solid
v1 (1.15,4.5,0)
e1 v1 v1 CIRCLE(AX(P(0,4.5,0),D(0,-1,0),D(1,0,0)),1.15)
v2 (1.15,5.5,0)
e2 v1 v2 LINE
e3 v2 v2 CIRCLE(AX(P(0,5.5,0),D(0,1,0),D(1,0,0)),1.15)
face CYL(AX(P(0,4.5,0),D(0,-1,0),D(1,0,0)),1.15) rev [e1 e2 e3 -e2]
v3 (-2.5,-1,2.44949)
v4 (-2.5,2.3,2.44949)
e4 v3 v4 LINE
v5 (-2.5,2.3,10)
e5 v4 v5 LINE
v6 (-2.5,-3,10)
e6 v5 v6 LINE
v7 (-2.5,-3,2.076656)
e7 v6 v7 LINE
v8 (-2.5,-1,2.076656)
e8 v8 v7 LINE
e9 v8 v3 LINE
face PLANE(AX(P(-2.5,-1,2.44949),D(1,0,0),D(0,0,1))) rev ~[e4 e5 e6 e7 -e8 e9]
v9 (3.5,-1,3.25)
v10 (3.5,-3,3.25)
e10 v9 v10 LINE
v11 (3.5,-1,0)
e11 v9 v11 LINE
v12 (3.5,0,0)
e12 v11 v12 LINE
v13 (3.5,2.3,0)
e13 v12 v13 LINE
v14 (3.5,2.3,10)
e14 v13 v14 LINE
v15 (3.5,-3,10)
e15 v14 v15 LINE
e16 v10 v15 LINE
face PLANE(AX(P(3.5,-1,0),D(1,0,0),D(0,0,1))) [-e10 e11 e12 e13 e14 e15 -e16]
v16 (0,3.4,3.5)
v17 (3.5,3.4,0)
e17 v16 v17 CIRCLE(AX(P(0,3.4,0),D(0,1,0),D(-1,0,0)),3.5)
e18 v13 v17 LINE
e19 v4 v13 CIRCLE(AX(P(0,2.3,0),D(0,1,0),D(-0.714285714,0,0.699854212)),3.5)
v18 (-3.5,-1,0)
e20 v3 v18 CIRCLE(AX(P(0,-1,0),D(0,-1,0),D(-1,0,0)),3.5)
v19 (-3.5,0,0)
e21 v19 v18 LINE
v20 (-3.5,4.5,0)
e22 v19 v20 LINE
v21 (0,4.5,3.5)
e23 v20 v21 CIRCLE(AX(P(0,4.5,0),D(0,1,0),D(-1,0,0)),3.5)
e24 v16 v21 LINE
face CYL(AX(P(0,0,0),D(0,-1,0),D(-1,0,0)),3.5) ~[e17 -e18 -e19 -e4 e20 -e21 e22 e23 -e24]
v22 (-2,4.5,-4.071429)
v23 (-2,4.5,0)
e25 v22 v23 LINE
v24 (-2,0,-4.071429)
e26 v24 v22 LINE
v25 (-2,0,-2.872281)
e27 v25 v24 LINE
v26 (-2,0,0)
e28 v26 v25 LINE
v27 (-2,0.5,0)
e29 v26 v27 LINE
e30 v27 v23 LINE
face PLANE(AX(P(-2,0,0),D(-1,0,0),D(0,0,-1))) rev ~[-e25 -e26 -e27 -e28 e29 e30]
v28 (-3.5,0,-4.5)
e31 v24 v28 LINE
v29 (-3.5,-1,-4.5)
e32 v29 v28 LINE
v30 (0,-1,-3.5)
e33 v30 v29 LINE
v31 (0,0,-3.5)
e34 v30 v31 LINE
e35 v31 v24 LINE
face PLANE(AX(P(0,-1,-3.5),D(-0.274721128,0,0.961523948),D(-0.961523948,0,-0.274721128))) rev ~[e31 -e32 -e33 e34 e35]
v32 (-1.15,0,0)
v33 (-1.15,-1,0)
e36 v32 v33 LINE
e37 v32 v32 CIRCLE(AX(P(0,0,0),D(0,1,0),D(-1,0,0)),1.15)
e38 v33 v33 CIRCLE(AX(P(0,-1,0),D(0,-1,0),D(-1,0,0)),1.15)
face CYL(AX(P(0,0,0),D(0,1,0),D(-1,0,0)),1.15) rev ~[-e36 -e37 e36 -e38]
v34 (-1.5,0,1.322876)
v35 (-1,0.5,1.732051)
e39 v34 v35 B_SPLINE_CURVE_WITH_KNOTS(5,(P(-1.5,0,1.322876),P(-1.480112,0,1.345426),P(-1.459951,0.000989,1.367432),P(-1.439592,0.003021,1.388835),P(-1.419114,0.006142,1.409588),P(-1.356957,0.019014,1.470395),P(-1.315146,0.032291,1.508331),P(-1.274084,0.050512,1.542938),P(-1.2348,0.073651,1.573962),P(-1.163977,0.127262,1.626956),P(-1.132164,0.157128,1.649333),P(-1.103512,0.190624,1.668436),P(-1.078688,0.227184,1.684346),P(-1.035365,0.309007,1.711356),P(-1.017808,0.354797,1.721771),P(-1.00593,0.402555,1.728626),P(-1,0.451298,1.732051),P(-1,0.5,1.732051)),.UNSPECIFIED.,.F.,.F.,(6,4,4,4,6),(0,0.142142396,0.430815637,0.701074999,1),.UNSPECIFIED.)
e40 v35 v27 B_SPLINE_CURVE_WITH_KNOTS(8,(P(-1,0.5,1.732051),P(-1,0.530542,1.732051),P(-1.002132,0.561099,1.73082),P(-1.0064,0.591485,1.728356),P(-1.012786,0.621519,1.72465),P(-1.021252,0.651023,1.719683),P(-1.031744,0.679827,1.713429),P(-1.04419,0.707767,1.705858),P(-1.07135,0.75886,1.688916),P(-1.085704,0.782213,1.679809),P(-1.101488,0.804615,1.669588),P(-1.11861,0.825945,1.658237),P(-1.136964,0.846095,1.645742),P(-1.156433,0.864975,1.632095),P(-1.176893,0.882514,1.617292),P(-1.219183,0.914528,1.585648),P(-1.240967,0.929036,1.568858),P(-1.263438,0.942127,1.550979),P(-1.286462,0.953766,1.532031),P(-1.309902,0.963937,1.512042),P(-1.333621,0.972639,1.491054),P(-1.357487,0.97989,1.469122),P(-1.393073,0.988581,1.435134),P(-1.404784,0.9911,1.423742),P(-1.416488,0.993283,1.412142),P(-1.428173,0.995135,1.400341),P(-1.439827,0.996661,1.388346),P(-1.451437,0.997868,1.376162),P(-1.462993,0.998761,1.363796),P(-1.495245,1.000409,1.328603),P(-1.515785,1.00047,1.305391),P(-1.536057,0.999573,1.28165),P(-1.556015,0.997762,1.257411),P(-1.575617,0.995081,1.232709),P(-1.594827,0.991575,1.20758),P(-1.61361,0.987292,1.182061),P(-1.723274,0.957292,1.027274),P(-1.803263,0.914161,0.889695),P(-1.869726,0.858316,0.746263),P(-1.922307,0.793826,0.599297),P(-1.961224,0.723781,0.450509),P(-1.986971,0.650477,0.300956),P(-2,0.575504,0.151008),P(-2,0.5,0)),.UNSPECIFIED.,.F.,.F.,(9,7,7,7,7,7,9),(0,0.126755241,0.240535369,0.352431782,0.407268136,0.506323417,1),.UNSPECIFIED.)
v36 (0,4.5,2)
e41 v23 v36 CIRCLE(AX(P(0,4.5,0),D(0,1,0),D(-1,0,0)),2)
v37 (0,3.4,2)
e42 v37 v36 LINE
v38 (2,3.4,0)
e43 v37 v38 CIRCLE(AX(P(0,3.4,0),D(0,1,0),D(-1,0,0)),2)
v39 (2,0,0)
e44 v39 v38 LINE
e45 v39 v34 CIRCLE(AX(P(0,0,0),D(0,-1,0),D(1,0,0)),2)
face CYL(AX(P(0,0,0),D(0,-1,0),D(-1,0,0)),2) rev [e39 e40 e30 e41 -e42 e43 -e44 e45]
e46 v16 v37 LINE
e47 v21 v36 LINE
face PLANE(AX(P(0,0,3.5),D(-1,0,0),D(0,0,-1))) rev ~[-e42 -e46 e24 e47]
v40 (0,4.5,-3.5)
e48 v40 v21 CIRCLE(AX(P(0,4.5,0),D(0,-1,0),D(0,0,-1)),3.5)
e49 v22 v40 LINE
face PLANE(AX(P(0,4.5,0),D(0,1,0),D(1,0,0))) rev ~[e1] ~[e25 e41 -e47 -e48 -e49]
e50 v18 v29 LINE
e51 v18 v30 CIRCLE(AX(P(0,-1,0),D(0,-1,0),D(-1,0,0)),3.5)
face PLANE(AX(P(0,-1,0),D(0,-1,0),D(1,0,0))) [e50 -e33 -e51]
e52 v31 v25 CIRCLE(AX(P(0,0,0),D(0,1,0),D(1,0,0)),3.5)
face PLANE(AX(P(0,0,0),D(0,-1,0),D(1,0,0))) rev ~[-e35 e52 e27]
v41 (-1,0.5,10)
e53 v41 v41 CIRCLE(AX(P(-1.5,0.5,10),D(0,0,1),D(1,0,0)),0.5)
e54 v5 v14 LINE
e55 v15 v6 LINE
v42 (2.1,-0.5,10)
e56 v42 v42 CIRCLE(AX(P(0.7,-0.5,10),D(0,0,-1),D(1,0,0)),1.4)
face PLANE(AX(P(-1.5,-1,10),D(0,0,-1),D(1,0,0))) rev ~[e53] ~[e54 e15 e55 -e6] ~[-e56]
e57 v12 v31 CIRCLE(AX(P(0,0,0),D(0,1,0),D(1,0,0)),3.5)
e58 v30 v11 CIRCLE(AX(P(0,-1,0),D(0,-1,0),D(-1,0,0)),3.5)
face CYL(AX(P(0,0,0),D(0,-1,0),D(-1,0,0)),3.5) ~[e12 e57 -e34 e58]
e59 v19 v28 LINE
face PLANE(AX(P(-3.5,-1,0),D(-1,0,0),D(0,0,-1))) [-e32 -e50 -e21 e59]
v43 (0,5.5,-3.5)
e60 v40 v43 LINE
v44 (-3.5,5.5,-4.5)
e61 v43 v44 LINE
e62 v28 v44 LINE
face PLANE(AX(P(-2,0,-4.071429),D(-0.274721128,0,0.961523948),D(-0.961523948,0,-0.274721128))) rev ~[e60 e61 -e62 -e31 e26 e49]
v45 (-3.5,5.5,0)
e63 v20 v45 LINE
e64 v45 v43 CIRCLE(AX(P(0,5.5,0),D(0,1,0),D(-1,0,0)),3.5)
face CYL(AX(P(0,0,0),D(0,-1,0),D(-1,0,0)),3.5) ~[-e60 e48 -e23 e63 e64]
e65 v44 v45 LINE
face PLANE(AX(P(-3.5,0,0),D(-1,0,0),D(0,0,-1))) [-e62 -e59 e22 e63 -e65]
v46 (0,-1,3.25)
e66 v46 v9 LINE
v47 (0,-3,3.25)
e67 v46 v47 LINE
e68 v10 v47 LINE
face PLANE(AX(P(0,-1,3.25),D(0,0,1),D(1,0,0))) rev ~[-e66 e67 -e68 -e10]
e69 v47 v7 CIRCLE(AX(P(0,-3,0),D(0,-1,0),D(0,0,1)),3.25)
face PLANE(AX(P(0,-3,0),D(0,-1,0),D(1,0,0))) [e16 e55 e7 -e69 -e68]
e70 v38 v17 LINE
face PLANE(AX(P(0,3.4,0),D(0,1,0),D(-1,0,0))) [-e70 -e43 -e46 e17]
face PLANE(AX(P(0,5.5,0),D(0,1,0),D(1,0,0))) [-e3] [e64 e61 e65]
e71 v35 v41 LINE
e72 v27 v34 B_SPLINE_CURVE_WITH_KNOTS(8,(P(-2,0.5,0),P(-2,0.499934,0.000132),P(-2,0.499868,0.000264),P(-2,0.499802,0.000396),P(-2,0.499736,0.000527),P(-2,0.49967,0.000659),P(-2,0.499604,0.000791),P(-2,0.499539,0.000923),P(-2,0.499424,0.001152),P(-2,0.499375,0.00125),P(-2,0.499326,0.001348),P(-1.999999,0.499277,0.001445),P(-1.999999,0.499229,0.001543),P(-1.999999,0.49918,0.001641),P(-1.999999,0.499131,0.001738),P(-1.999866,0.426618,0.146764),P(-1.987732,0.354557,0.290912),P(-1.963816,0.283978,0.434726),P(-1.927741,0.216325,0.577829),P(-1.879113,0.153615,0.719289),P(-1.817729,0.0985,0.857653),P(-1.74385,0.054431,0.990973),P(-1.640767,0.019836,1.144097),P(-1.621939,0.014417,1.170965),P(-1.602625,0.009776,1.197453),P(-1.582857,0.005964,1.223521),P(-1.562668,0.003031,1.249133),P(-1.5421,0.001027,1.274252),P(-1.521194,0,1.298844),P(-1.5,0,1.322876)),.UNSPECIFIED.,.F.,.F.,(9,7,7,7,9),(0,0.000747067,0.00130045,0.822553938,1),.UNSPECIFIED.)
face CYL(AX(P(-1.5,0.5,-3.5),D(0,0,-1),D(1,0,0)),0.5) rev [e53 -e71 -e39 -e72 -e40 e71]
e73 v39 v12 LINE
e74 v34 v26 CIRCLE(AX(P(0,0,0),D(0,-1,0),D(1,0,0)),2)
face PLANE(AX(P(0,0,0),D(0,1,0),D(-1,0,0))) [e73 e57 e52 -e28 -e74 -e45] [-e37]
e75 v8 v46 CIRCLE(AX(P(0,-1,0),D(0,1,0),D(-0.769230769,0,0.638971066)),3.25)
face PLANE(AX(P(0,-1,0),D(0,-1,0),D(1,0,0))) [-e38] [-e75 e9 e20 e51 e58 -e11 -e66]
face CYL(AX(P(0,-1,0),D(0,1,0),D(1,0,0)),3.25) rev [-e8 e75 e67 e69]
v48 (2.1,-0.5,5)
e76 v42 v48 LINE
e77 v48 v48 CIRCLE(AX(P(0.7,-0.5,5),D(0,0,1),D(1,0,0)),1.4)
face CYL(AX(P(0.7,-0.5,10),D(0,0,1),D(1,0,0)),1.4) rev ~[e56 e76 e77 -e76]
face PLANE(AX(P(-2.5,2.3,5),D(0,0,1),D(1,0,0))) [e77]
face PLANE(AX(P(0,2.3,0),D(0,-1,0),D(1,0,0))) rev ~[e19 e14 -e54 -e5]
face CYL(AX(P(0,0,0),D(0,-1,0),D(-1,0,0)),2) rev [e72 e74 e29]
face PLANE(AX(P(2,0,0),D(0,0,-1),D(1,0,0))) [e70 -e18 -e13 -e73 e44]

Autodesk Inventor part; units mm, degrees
ref_plane "YZ Plane" through (0, 0, 0) normal (1, 0, 0) x (0, 1, 0)
ref_plane "XZ Plane" through (0, 0, 0) normal (0, 1, 0) x (-1, 0, 0)
ref_plane "XY Plane" through (0, 0, 0) normal (0, 0, 1) x (1, 0, 0)
sketch "スケッチ1" plane through (0, 0, 0) normal (0, 1, 0) x (-1, 0, 0)
  circle A0 centre (0, 0) radius 1.15
  circle A1 centre (0, 0) radius 2
  circle A2 centre (0, 0) radius 3.5
  line L0 (0, 0) -> (-3.5, 0)
  line L1 (-3.5, 0) -> (-3.5, 3.5)
  line L2 (-3.5, 3.5) -> (0, 3.5)
  line L3 (0, 3.5) -> (0, 0)
  line L4 (-2, 0) -> (2, 0)
  line L5 (2, 0) -> (2, -3.5)
  line L6 (2, -3.5) -> (-2, -3.5)
  line L7 (-2, -3.5) -> (-2, 0)
  line L8 (0, 0) -> (3.5, 0)
  line L9 (3.5, 0) -> (3.5, -4.5)
  line L10 (3.5, -4.5) -> (0, -4.5)
  line L11 (0, -4.5) -> (0, 0)
  line L12 (0, -3.5) -> (3.5, -4.5)
  line L13 (2, -3.5) -> (2, -4.5)
  point P0 (0, 2)
  point P1 (2, -2.8723)
  point P2 (2, -4.0714)
  dimension "d1" = 4
  dimension "d0" = 2.3
  dimension "d2" = 7
  dimension "d3" = 3.5
  dimension "d4" = 3.5
  dimension "d41" = 3.5
  dimension "d42" = 4.5
extrude "押し出し1" add sketch "スケッチ1" along normal blind 3.4 contours A1 L0 A2 L3
extrude "押し出し2" add sketch "スケッチ1" along normal blind 4.5 contours L8 A2 L5 | A1 L3 A2 L8 | A2 L9 L12 L13 L5
extrude "押し出し3" add sketch "スケッチ1" against normal blind 1 contours L4 A1 L11 A0 | A0 L3 A1 L4 | A0 L0 A1 L3 | L11 A1 L0 A0 | L5 A2 L11 A1 | L8 A2 L5 | A1 L3 A2 L8 | A1 L0 A2 L3 | L11 A2 L7 A1 | L7 A2 L0
sketch "スケッチ2" plane through (0, 4.5, 0) normal (0, 1, 0) x (1, 0, 0)
  circle A0 centre (0, 0) radius 1.15
  circle A1 centre (0, 0) radius 2
  circle A2 centre (0, 0) radius 3.5
  line L0 (2, 0) -> (-2, 0)
  line L1 (-2, 0) -> (-2, 3.5)
  line L2 (-2, 3.5) -> (2, 3.5)
  line L3 (2, 3.5) -> (2, 0)
  line L4 (-3.5, 4.5) -> (-3.5, 0) projected
  line L5 (0, 0) -> (-3.5, 0)
  line L6 (-3.5, 0) -> (-3.5, 4.5)
  line L7 (-3.5, 4.5) -> (0, 4.5)
  line L8 (0, 4.5) -> (0, 0)
  line L9 (0, 3.5) -> (-3.5, 4.5)
  line L10 (-2, 2.8723) -> (-2, 4.0714) projected
  line L11 (-2, 0) -> (-2, 4.0714)
  point P0 (0, 3.5)
  dimension "d12" = 4
  dimension "d11" = 2.3
  dimension "d13" = 7
  dimension "d14" = 4
  dimension "d15" = 3.5
  dimension "d43" = 3.5
  dimension "d44" = 4.5
extrude "押し出し4" add sketch "スケッチ2" along normal blind 1 contours L0 A1 A0 | A0 L8 A1 L0 | A0 L0 A1 L8 | L3 A2 L5 A1 | A1 L8 A2 L3 | A1 L1 A2 L8 | L5 A2 L1 | A2 L1 L2 | L2 L10 L9 | A2 L4 L9 L10 L1
sketch "スケッチ3" plane through (0, -1, 0) normal (0, -1, 0) x (1, 0, 0)
  circle A0 centre (0, 0) radius 1.15
  circle A1 centre (0, 0) radius 3.5
  line L0 (-3.5, 0) -> (3.5, 0)
  line L1 (3.5, 0) -> (3.5, 3.5)
  line L2 (3.5, 3.5) -> (-3.5, 3.5)
  line L3 (-3.5, 3.5) -> (-3.5, 0)
  line L4 (0, 0) -> (3.5, 0)
  line L5 (3.5, 0) -> (3.5, 3.5)
  line L6 (3.5, 3.5) -> (0, 3.5)
  line L7 (0, 3.5) -> (0, 0)
  line L8 (3.5, 0) -> (-3.5, 0)
  line L9 (-3.5, 0) -> (-3.5, 10)
  line L10 (-3.5, 10) -> (3.5, 10)
  line L11 (3.5, 10) -> (3.5, 0)
  line L12 (3.5, 10) -> (-1.5, 10)
  line L13 (-1.5, 10) -> (-1.5, 0)
  line L14 (-1.5, 0) -> (3.5, 0)
  line L15 (3.5, 0) -> (3.5, 10)
  line L16 (-3.5, 0) -> (-1.5, 0)
  line L17 (-1.5, 0) -> (-2.5, 0)
  line L18 (-2.5, 0) -> (-2.5, 10)
  circle A2 centre (0, 0) radius 3.25
  line L19 (0, 3.25) -> (3.5, 3.25)
  line L20 (3.5, 3.25) -> (3.5, 3.5)
  line L21 (3.5, 3.5) -> (0, 3.5)
  line L22 (0, 3.5) -> (0, 3.25)
  line L23 (0, 0) -> (-3.5, 0)
  line L24 (-3.5, 0) -> (-3.5, -4.5)
  line L25 (-3.5, -4.5) -> (0, -4.5)
  line L26 (0, -4.5) -> (0, 0)
  line L27 (0, -3.5) -> (-3.5, -4.5)
  point P0 (0, 3.5)
  point P1 (-1.5, 3.1623)
  point P2 (-2.5, 2.4495)
  point P3 (-2.5, 2.0767)
  dimension "d33" = 6.5
  dimension "d18" = 2.3
  dimension "d19" = 7
  dimension "d20" = 7
  dimension "d23" = 7
  dimension "d24" = 10
  dimension "d25" = 5
  dimension "d39" = 3.5
  dimension "d40" = 4.5
extrude "押し出し5" add sketch "スケッチ3" against normal blind 3.3 contours A1 L19 L1 | L2 L1 L19 A1 | L2 L13 L10 L11 | A1 L13 L2 | A1 L18 L2 L13 | L2 L18 L10 L13
extrude "押し出し6" add sketch "スケッチ3" along normal blind 2 contours A2 L13 A1 L7 | L7 A1 L19 | L2 L1 L19 A1 | L2 L13 L10 L11 | A1 L13 L2 | A2 L18 A1 L13 | A1 L18 L2 L13 | L2 L18 L10 L13
ref_plane "作業平面1" through (-2, 0, -3.5) normal (0, 0, 1) x (1, 0, 0)
sketch "スケッチ4" plane through (-2, 0, -3.5) normal (0, 0, 1) x (1, 0, 0)
  line L0 (2, 3.4) -> (2, 0)
  line L1 (2, 0) -> (2, 0.5)
  line L2 (2, 0.5) -> (0.5, 0.5)
  circle A0 centre (0.5, 0.5) radius 0.5
  line L3 (0, 0) -> (4, 0) projected
  dimension "d28" = 0.5
  dimension "d29" = 1.5
  dimension "d30" = 90
extrude "押し出し7" cut sketch "スケッチ4" along normal blind 20 contours A0
sketch "スケッチ5" plane through (-2.5, 2.3, 10) normal (0, 0, 1) x (1, 0, 0)
  line L0 (6, -3.3) -> (6, -5.3) projected
  line L1 (6, -5.3) -> (3.2, -5.3)
  line L2 (3.2, -5.3) -> (3.2, -2.8)
  line L3 (3.2, -2.8) -> (6, -2.8)
  line L4 (6, -2.8) -> (6, -5.3)
  circle A0 centre (3.2, -2.8) radius 1.4
  point P0 (2.5, -2.3)
  dimension "d34" = 2.8
  dimension "d35" = 2.5
  dimension "d36" = 2.8
extrude "押し出し8" cut sketch "スケッチ5" against normal blind 5 contours A0 L2 L3 | L3 L2 A0
extrude "押し出し9" add sketch "スケッチ3" against normal blind 1 contours L27 L24 A1
properties part number "trod2.0"
